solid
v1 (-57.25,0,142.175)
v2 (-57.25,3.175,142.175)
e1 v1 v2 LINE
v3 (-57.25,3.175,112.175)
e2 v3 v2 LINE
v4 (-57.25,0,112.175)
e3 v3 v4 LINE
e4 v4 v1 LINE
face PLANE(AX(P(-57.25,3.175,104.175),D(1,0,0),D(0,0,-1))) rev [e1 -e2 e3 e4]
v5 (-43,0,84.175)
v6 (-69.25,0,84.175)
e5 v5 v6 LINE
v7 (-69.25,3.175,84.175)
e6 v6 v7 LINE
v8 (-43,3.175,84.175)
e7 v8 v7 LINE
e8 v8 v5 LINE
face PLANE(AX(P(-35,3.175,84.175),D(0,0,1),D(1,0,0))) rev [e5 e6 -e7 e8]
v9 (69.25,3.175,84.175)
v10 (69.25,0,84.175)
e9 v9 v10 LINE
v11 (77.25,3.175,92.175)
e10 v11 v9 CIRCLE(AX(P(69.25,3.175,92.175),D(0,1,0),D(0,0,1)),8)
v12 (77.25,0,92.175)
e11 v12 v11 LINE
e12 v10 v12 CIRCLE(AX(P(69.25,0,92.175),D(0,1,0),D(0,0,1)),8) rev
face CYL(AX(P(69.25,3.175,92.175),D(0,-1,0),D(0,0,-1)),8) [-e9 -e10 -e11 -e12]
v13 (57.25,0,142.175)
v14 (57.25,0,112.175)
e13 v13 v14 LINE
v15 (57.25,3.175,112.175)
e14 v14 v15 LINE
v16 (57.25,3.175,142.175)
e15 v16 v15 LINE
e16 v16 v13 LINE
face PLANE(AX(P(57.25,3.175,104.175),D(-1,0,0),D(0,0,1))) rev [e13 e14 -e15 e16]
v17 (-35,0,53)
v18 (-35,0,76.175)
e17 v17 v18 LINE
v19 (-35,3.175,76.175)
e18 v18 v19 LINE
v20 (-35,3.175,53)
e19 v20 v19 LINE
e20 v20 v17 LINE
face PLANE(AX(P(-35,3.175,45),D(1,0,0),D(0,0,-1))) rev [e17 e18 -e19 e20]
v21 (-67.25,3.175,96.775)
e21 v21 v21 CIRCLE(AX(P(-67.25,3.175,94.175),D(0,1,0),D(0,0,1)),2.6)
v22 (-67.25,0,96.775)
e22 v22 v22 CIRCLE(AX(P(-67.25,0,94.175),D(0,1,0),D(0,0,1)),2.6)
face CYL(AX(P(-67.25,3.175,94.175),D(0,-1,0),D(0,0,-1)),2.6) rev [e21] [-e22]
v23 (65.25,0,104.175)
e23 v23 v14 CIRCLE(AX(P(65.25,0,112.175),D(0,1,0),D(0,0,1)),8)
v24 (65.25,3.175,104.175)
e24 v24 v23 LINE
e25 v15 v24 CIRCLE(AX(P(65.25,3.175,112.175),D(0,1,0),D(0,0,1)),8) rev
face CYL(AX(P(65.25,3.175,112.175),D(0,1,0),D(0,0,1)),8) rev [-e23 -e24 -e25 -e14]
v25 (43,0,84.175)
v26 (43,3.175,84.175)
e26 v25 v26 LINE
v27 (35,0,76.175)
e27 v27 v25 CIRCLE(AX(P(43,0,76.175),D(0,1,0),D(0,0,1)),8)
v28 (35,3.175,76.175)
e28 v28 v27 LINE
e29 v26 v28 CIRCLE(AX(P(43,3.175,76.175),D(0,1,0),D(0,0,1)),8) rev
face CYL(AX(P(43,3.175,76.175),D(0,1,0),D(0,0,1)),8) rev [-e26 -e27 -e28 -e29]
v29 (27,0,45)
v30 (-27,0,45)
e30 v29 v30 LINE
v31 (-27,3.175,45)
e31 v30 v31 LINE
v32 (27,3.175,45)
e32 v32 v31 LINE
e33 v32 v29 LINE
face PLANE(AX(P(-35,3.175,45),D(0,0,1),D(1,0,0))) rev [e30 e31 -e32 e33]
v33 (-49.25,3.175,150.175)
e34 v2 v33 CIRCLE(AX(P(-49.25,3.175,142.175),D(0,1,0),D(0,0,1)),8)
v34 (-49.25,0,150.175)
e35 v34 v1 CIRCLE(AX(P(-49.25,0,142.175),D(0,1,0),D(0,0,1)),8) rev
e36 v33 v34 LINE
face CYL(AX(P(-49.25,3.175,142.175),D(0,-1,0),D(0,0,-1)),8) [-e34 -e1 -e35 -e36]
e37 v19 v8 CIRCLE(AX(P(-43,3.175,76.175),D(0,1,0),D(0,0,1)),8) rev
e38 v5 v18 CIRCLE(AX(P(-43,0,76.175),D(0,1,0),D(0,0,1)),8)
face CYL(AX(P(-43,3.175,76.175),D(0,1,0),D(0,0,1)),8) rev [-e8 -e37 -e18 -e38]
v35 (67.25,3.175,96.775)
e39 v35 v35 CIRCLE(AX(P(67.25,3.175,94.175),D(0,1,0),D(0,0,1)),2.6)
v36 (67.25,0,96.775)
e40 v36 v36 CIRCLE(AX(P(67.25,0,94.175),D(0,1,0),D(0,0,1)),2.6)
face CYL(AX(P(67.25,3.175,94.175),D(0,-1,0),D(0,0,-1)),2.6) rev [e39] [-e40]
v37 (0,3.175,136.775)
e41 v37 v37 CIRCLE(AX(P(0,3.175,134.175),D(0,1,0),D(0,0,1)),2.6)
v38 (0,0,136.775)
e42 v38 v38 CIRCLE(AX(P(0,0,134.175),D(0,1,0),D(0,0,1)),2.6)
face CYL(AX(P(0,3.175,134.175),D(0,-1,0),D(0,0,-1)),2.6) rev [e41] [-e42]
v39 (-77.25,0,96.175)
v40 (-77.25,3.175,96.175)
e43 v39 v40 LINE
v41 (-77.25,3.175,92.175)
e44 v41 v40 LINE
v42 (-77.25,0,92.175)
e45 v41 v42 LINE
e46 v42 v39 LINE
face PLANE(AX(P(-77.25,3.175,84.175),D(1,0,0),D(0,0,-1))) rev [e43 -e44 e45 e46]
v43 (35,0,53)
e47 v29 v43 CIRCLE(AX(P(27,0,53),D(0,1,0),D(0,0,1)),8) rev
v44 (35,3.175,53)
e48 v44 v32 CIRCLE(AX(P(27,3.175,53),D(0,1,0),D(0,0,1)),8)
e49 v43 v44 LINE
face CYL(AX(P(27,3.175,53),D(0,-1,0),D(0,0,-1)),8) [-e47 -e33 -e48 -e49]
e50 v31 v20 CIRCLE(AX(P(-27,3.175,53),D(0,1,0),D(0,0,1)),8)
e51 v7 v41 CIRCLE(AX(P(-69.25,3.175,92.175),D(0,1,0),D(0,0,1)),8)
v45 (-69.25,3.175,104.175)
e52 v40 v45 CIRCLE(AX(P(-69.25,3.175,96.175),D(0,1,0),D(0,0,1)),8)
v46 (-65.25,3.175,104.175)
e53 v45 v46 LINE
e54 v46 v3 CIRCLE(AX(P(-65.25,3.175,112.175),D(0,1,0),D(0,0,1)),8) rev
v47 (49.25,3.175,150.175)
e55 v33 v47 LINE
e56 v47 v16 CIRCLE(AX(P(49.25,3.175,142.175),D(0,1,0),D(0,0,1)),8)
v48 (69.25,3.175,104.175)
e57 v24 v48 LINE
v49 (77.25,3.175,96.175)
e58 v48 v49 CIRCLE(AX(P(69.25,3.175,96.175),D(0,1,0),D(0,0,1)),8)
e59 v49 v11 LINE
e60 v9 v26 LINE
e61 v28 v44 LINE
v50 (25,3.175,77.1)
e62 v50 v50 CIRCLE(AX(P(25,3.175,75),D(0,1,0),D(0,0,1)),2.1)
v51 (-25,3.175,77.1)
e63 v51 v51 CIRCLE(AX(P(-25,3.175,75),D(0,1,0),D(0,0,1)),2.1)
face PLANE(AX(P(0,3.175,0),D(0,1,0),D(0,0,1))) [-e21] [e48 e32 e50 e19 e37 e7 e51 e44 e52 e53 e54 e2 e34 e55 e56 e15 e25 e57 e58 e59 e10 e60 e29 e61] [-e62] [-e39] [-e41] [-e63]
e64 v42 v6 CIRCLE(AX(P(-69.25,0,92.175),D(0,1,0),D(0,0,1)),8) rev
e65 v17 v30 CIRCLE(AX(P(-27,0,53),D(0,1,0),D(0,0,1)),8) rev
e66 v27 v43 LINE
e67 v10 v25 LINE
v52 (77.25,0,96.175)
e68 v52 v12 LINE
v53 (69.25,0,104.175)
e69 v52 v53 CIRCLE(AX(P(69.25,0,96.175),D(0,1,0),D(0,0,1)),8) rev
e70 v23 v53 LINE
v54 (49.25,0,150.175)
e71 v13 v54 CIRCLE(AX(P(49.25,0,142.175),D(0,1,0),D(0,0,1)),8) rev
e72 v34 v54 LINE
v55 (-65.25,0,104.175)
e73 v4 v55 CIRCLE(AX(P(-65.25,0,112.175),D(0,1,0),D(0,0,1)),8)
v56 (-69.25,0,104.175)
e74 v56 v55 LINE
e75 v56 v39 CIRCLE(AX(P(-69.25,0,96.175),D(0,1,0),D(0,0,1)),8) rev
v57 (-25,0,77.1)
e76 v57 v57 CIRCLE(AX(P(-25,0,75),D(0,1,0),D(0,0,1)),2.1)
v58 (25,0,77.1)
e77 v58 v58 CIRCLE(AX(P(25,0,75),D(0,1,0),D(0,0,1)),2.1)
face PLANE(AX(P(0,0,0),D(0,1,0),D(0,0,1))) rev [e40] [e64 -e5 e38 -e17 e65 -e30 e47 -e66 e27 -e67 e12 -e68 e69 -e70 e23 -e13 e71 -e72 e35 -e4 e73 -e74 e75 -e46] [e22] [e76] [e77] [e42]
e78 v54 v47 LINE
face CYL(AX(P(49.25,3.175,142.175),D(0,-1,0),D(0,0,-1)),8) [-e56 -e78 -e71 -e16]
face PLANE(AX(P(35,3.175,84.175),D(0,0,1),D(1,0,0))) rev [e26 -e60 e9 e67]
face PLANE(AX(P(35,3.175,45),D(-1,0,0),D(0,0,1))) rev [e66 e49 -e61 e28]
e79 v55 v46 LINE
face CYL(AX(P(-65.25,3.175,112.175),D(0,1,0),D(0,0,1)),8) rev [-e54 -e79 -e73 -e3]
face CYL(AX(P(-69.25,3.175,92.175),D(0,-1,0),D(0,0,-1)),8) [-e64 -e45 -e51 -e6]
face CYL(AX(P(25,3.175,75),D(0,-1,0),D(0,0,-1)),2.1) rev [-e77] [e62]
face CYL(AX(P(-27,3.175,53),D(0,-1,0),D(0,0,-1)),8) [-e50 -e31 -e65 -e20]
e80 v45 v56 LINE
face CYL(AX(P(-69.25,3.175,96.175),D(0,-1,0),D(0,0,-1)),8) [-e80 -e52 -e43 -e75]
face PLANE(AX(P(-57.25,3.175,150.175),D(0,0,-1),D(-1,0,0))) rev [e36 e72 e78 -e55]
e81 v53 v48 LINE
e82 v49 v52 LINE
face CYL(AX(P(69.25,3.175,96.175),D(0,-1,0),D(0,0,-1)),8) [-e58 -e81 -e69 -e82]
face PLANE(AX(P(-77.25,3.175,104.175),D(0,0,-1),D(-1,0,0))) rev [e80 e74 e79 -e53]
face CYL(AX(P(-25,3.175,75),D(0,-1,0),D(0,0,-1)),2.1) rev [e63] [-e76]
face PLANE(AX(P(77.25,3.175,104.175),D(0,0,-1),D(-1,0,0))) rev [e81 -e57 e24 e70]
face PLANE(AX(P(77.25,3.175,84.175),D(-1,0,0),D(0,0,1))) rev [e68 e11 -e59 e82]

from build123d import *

# Parameters (mm, degrees)
SKETCH3_R           = 2.1
SKETCH3_R_2         = 2.6
BOSS_EXTRUDE1_DEPTH = 3.175
FILLET1_R           = 8


with BuildPart() as part:
    # Sketch3 → Boss-Extrude1 (new body)
    with BuildSketch(Plane(origin=(0, 0, 0), x_dir=(1, 0, 0), z_dir=(0, 1, 0))):
        Polygon((-35, -45), (35, -45), (35, -84.175), (77.25, -84.175), (77.25, -104.175), (57.25, -104.175), (57.25, -150.175), (-57.25, -150.175), (-57.25, -104.175), (-77.25, -104.175), (-77.25, -84.175), (-35, -84.175), align=None)
        with Locations((-25, -75)):
            Circle(SKETCH3_R, mode=Mode.SUBTRACT)
        with Locations((25, -75)):
            Circle(SKETCH3_R, mode=Mode.SUBTRACT)
        with Locations((-67.25, -94.175)):
            Circle(SKETCH3_R_2, mode=Mode.SUBTRACT)
        with Locations((67.25, -94.175)):
            Circle(SKETCH3_R_2, mode=Mode.SUBTRACT)
        with Locations((0, -134.175)):
            Circle(SKETCH3_R_2, mode=Mode.SUBTRACT)
    extrude(amount=BOSS_EXTRUDE1_DEPTH)

    # Fillet1
    fillet1_edges = [part.edges().sort_by_distance(p)[0] for p in [
        (35, 1.5875, 84.175),
        (77.25, 1.5875, 84.175),
        (77.25, 1.5875, 104.175),
        (57.25, 1.5875, 104.175),
        (57.25, 1.5875, 150.175),
        (-57.25, 1.5875, 150.175),
        (-57.25, 1.5875, 104.175),
        (-77.25, 1.5875, 104.175),
        (-77.25, 1.5875, 84.175),
        (-35, 1.5875, 84.175),
        (-35, 1.5875, 45),
        (35, 1.5875, 45),
    ]]
    fillet(fillet1_edges, radius=FILLET1_R)


solid = part.part
